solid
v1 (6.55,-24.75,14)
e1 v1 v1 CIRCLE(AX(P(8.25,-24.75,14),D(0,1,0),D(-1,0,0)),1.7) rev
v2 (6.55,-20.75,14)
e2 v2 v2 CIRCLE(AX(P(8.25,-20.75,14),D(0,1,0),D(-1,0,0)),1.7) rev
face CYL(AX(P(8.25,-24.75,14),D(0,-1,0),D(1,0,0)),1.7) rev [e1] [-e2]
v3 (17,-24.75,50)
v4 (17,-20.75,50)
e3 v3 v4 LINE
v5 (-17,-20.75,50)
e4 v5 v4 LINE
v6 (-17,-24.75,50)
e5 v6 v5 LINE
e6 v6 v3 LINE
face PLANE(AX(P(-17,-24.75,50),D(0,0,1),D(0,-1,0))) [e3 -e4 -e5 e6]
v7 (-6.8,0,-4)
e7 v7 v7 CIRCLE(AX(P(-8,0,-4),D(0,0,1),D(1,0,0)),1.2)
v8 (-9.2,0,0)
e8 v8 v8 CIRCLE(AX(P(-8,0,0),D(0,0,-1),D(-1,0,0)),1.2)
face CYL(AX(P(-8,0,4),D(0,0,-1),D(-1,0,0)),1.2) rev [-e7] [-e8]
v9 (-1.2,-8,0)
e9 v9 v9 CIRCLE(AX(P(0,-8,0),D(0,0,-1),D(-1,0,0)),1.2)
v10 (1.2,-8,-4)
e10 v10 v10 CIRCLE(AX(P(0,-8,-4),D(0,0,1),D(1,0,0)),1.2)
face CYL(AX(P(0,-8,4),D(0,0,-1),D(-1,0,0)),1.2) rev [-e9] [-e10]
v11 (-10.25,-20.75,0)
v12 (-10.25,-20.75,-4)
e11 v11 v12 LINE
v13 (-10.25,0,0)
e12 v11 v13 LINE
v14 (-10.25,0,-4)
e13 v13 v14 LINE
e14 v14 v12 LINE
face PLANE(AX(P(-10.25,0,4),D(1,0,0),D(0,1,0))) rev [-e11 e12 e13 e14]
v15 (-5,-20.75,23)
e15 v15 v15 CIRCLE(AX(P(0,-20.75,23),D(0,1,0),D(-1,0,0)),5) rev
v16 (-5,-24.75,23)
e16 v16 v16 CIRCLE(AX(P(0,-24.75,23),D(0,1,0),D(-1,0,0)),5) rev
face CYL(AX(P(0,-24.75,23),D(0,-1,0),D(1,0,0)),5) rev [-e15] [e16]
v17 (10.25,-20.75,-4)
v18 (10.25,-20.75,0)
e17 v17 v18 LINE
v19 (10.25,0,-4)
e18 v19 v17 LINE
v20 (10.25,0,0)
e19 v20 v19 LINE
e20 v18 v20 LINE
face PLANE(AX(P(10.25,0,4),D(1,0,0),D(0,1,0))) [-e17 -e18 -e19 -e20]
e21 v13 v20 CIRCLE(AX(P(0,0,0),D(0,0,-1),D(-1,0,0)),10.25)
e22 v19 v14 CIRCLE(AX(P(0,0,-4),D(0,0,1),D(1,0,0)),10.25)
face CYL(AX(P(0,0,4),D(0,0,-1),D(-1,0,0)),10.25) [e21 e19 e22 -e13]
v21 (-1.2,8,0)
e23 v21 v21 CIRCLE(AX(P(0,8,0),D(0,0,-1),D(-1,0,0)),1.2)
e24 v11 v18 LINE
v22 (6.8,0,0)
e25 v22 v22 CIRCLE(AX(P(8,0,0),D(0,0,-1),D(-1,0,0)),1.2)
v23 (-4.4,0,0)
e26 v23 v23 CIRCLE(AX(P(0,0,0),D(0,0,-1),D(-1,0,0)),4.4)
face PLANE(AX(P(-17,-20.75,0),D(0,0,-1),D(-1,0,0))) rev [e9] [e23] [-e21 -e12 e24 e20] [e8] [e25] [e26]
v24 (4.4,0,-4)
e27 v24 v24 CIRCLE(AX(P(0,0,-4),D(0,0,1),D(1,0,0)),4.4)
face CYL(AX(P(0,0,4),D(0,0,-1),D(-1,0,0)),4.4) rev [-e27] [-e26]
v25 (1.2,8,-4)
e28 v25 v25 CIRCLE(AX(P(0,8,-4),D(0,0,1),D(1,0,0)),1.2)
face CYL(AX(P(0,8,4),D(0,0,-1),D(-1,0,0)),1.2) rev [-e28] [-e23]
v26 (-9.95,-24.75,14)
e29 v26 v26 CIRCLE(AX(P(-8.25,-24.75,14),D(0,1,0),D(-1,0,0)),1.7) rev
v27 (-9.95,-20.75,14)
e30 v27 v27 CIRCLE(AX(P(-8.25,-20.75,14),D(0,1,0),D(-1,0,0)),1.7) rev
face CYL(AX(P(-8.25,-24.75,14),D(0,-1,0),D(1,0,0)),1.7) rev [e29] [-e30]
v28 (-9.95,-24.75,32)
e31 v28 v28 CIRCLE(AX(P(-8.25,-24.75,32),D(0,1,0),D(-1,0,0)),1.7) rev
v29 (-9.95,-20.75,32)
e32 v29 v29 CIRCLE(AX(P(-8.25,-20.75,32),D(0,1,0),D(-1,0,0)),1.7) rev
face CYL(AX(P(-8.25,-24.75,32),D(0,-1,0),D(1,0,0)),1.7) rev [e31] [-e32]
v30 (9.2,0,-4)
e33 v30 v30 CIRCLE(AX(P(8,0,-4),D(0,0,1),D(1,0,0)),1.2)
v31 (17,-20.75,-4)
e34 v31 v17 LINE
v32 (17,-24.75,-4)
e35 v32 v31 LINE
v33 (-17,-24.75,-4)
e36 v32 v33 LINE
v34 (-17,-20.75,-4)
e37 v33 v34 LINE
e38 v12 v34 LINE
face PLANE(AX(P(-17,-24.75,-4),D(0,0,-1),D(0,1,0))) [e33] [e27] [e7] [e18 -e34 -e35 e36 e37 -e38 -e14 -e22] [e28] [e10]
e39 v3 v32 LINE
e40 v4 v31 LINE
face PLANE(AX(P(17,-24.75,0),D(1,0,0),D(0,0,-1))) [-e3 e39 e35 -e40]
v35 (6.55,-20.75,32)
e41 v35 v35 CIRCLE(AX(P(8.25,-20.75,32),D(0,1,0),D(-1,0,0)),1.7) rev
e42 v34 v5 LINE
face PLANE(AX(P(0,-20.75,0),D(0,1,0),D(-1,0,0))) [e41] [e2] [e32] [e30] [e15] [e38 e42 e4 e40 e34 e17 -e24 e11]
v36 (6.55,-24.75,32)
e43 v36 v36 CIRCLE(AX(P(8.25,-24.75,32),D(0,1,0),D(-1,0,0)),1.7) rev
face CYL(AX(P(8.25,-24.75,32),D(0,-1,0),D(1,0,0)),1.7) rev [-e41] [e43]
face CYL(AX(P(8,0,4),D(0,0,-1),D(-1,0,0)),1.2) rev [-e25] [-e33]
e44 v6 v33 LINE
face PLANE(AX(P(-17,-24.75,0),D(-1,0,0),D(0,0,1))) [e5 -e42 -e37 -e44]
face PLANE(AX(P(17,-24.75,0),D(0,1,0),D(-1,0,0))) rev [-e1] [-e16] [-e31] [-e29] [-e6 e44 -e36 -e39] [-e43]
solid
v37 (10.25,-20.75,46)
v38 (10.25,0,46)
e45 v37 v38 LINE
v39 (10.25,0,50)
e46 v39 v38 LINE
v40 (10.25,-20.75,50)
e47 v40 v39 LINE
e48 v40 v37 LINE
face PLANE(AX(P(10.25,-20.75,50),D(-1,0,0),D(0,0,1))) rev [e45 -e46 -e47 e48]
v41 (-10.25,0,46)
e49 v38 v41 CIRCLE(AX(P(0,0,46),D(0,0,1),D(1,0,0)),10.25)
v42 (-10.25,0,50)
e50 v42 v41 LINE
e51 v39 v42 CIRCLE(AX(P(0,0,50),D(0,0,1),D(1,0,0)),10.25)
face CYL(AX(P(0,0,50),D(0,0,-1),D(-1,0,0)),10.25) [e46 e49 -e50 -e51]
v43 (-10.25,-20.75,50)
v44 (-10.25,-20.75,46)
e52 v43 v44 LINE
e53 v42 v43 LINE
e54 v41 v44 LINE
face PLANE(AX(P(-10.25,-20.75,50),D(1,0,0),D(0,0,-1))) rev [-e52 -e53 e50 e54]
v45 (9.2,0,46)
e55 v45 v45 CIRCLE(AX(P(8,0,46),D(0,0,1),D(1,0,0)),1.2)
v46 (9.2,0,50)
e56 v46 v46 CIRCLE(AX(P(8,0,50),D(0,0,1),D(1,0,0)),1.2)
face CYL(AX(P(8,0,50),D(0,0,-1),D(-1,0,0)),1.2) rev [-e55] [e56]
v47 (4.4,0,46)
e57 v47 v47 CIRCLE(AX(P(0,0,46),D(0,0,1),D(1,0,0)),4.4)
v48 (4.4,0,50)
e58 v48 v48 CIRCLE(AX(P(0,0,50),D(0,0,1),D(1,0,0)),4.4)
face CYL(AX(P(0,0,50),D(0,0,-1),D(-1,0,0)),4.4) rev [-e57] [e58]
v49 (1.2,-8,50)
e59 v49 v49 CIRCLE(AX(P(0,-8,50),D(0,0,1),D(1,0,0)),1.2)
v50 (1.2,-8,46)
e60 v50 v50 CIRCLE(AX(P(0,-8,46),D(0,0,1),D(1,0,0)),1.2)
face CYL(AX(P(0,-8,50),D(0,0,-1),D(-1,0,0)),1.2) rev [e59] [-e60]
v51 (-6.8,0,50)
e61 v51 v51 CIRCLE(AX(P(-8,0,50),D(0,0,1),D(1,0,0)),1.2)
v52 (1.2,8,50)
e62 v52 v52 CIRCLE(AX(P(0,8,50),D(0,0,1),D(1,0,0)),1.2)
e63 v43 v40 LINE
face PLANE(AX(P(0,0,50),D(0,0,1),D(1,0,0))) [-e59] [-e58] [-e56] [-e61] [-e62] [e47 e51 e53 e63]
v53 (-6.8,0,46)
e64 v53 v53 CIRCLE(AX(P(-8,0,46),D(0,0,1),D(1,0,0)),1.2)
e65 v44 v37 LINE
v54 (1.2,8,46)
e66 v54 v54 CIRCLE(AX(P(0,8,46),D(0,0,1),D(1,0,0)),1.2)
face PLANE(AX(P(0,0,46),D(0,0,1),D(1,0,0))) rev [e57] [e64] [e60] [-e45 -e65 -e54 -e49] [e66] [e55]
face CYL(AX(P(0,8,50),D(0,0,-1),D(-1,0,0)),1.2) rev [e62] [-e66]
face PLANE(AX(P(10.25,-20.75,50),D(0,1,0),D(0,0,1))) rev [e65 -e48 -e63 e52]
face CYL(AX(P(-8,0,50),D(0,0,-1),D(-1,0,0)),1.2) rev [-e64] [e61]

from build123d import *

# Parameters (mm, degrees)
SKETCH1_R           = 1.2
SKETCH1_R_2         = 4.4
BOSS_EXTRUDE1_DEPTH = 4
SKETCH3_W           = 34
SKETCH3_H           = 46
SKETCH3_R           = 5
SKETCH3_R_2         = 1.7
BOSS_EXTRUDE3_DEPTH = 4
SKETCH4_R           = 1.7
SKETCH4_R_2         = 5
BOSS_EXTRUDE4_DEPTH = 4
SKETCH5_W           = 46
SKETCH5_H           = 4
CUT_EXTRUDE1_DEPTH  = 65.020016401
SKETCH6_W           = 34
SKETCH6_H           = 4
BOSS_EXTRUDE5_DEPTH = 4
SKETCH7_R           = 4.4
SKETCH7_R_2         = 1.2
BOSS_EXTRUDE6_DEPTH = 4
SKETCH8_W           = 46
SKETCH8_H           = 31
SKETCH8_W_2         = 4
SKETCH8_H_2         = 4
CUT_EXTRUDE2_DEPTH  = 67.951941719


with BuildPart() as part:
    # Sketch1 → Boss-Extrude1 (new body)
    with BuildSketch(Plane.XY):
        with BuildLine():
            Line((-10.25, -28.75), (10.25, -28.75))
            Line((10.25, -28.75), (10.25, 0))
            ThreePointArc((10.25, 0), (0, 10.25), (-10.25, 0))
            Line((-10.25, 0), (-10.25, -28.75))
        make_face()
        with Locations((0, 8)):
            Circle(SKETCH1_R, mode=Mode.SUBTRACT)
        with Locations((-8, 0)):
            Circle(SKETCH1_R, mode=Mode.SUBTRACT)
        with Locations((0, -8)):
            Circle(SKETCH1_R, mode=Mode.SUBTRACT)
        with Locations((8, 0)):
            Circle(SKETCH1_R, mode=Mode.SUBTRACT)
        Circle(SKETCH1_R_2, mode=Mode.SUBTRACT)
    boss_extrude1 = extrude(amount=BOSS_EXTRUDE1_DEPTH)

    # Sketch3 → Boss-Extrude3 (add)
    with BuildSketch(Plane(origin=(0, -28.75, 0), x_dir=(-1, 0, 0), z_dir=(0, -1, 0))):
        with Locations((0, -23)):
            Rectangle(SKETCH3_W, SKETCH3_H)
        with Locations(Location((0, -23, 0), (0, 0, 180))):
            Circle(SKETCH3_R, mode=Mode.SUBTRACT)
        with Locations(Location((-8.25, -14, 0), (0, 0, 180))):
            Circle(SKETCH3_R_2, mode=Mode.SUBTRACT)
        with Locations(Location((8.25, -14, 0), (0, 0, 180))):
            Circle(SKETCH3_R_2, mode=Mode.SUBTRACT)
        with Locations(Location((8.25, -32, 0), (0, 0, 180))):
            Circle(SKETCH3_R_2, mode=Mode.SUBTRACT)
        with Locations(Location((-8.25, -32, 0), (0, 0, 180))):
            Circle(SKETCH3_R_2, mode=Mode.SUBTRACT)
    extrude(amount=-BOSS_EXTRUDE3_DEPTH)

    # Mirror1: Boss-Extrude1 across plane
    add(boss_extrude1.mirror(Plane.XY.offset(23)))

    # Sketch4 → Boss-Extrude4 (add)
    with BuildSketch(Plane(origin=(0, -24.75, 0), x_dir=(1, 0, 0), z_dir=(0, 1, 0))):
        Polygon((-10.25, -42), (10.25, -42), (10.25, -46), (17, -46), (17, 0), (10.25, 0), (10.25, -4), (-10.25, -4), (-10.25, 0), (-17, 0), (-17, -46), (-10.25, -46), align=None)
        with Locations((8.25, -14)):
            Circle(SKETCH4_R, mode=Mode.SUBTRACT)
        with Locations((-8.25, -32)):
            Circle(SKETCH4_R, mode=Mode.SUBTRACT)
        with Locations((8.25, -32)):
            Circle(SKETCH4_R, mode=Mode.SUBTRACT)
        with Locations((-8.25, -14)):
            Circle(SKETCH4_R, mode=Mode.SUBTRACT)
        with Locations((0, -23)):
            Circle(SKETCH4_R_2, mode=Mode.SUBTRACT)
    extrude(amount=BOSS_EXTRUDE4_DEPTH)

    # Sketch5 → Cut-Extrude1 (cut, through all)
    with BuildSketch(Plane.ZY.offset(17)):
        with Locations((23, -26.75)):
            Rectangle(SKETCH5_W, SKETCH5_H)
    extrude(amount=-CUT_EXTRUDE1_DEPTH, mode=Mode.SUBTRACT)

    # Sketch6 → Boss-Extrude5 (add)
    with BuildSketch(Plane(origin=(0, -20.75, 0), x_dir=(1, 0, 0), z_dir=(0, 1, 0))):
        with Locations((0, 2)):
            Rectangle(SKETCH6_W, SKETCH6_H)
        with Locations((0, -48)):
            Rectangle(SKETCH6_W, SKETCH6_H)
    extrude(amount=-BOSS_EXTRUDE5_DEPTH)

    # Mirror2: Boss-Extrude1 across plane
    add(boss_extrude1.mirror(Plane(origin=(0, 0, 0), x_dir=(1, 0, 0), z_dir=(0, 0, -1))))

    # Sketch8 → Cut-Extrude2 (cut, through all)
    with BuildSketch(Plane(origin=(17, 0, 0), x_dir=(0, 0, -1), z_dir=(1, 0, 0))):
        with Locations((-23, -5.25)):
            Rectangle(SKETCH8_W, SKETCH8_H)
        with Locations((2, -26.75)):
            Rectangle(SKETCH8_W_2, SKETCH8_H_2)
    extrude(amount=-CUT_EXTRUDE2_DEPTH, mode=Mode.SUBTRACT)


with BuildPart() as body_2:
    # Sketch7 → Boss-Extrude6 (new body)
    with BuildSketch(Plane.XY.offset(46)):
        with BuildLine():
            Line((10.25, -20.75), (-10.25, -20.75))
            Line((-10.25, -20.75), (-10.25, 0))
            ThreePointArc((-10.25, 0), (0, 10.25), (10.25, 0))
            Line((10.25, 0), (10.25, -20.75))
        make_face()
        Circle(SKETCH7_R, mode=Mode.SUBTRACT)
        with Locations((8, 0)):
            Circle(SKETCH7_R_2, mode=Mode.SUBTRACT)
        with Locations((0, -8)):
            Circle(SKETCH7_R_2, mode=Mode.SUBTRACT)
        with Locations((-8, 0)):
            Circle(SKETCH7_R_2, mode=Mode.SUBTRACT)
        with Locations((0, 8)):
            Circle(SKETCH7_R_2, mode=Mode.SUBTRACT)
    extrude(amount=BOSS_EXTRUDE6_DEPTH)


solid = Compound([part.part, body_2.part])
